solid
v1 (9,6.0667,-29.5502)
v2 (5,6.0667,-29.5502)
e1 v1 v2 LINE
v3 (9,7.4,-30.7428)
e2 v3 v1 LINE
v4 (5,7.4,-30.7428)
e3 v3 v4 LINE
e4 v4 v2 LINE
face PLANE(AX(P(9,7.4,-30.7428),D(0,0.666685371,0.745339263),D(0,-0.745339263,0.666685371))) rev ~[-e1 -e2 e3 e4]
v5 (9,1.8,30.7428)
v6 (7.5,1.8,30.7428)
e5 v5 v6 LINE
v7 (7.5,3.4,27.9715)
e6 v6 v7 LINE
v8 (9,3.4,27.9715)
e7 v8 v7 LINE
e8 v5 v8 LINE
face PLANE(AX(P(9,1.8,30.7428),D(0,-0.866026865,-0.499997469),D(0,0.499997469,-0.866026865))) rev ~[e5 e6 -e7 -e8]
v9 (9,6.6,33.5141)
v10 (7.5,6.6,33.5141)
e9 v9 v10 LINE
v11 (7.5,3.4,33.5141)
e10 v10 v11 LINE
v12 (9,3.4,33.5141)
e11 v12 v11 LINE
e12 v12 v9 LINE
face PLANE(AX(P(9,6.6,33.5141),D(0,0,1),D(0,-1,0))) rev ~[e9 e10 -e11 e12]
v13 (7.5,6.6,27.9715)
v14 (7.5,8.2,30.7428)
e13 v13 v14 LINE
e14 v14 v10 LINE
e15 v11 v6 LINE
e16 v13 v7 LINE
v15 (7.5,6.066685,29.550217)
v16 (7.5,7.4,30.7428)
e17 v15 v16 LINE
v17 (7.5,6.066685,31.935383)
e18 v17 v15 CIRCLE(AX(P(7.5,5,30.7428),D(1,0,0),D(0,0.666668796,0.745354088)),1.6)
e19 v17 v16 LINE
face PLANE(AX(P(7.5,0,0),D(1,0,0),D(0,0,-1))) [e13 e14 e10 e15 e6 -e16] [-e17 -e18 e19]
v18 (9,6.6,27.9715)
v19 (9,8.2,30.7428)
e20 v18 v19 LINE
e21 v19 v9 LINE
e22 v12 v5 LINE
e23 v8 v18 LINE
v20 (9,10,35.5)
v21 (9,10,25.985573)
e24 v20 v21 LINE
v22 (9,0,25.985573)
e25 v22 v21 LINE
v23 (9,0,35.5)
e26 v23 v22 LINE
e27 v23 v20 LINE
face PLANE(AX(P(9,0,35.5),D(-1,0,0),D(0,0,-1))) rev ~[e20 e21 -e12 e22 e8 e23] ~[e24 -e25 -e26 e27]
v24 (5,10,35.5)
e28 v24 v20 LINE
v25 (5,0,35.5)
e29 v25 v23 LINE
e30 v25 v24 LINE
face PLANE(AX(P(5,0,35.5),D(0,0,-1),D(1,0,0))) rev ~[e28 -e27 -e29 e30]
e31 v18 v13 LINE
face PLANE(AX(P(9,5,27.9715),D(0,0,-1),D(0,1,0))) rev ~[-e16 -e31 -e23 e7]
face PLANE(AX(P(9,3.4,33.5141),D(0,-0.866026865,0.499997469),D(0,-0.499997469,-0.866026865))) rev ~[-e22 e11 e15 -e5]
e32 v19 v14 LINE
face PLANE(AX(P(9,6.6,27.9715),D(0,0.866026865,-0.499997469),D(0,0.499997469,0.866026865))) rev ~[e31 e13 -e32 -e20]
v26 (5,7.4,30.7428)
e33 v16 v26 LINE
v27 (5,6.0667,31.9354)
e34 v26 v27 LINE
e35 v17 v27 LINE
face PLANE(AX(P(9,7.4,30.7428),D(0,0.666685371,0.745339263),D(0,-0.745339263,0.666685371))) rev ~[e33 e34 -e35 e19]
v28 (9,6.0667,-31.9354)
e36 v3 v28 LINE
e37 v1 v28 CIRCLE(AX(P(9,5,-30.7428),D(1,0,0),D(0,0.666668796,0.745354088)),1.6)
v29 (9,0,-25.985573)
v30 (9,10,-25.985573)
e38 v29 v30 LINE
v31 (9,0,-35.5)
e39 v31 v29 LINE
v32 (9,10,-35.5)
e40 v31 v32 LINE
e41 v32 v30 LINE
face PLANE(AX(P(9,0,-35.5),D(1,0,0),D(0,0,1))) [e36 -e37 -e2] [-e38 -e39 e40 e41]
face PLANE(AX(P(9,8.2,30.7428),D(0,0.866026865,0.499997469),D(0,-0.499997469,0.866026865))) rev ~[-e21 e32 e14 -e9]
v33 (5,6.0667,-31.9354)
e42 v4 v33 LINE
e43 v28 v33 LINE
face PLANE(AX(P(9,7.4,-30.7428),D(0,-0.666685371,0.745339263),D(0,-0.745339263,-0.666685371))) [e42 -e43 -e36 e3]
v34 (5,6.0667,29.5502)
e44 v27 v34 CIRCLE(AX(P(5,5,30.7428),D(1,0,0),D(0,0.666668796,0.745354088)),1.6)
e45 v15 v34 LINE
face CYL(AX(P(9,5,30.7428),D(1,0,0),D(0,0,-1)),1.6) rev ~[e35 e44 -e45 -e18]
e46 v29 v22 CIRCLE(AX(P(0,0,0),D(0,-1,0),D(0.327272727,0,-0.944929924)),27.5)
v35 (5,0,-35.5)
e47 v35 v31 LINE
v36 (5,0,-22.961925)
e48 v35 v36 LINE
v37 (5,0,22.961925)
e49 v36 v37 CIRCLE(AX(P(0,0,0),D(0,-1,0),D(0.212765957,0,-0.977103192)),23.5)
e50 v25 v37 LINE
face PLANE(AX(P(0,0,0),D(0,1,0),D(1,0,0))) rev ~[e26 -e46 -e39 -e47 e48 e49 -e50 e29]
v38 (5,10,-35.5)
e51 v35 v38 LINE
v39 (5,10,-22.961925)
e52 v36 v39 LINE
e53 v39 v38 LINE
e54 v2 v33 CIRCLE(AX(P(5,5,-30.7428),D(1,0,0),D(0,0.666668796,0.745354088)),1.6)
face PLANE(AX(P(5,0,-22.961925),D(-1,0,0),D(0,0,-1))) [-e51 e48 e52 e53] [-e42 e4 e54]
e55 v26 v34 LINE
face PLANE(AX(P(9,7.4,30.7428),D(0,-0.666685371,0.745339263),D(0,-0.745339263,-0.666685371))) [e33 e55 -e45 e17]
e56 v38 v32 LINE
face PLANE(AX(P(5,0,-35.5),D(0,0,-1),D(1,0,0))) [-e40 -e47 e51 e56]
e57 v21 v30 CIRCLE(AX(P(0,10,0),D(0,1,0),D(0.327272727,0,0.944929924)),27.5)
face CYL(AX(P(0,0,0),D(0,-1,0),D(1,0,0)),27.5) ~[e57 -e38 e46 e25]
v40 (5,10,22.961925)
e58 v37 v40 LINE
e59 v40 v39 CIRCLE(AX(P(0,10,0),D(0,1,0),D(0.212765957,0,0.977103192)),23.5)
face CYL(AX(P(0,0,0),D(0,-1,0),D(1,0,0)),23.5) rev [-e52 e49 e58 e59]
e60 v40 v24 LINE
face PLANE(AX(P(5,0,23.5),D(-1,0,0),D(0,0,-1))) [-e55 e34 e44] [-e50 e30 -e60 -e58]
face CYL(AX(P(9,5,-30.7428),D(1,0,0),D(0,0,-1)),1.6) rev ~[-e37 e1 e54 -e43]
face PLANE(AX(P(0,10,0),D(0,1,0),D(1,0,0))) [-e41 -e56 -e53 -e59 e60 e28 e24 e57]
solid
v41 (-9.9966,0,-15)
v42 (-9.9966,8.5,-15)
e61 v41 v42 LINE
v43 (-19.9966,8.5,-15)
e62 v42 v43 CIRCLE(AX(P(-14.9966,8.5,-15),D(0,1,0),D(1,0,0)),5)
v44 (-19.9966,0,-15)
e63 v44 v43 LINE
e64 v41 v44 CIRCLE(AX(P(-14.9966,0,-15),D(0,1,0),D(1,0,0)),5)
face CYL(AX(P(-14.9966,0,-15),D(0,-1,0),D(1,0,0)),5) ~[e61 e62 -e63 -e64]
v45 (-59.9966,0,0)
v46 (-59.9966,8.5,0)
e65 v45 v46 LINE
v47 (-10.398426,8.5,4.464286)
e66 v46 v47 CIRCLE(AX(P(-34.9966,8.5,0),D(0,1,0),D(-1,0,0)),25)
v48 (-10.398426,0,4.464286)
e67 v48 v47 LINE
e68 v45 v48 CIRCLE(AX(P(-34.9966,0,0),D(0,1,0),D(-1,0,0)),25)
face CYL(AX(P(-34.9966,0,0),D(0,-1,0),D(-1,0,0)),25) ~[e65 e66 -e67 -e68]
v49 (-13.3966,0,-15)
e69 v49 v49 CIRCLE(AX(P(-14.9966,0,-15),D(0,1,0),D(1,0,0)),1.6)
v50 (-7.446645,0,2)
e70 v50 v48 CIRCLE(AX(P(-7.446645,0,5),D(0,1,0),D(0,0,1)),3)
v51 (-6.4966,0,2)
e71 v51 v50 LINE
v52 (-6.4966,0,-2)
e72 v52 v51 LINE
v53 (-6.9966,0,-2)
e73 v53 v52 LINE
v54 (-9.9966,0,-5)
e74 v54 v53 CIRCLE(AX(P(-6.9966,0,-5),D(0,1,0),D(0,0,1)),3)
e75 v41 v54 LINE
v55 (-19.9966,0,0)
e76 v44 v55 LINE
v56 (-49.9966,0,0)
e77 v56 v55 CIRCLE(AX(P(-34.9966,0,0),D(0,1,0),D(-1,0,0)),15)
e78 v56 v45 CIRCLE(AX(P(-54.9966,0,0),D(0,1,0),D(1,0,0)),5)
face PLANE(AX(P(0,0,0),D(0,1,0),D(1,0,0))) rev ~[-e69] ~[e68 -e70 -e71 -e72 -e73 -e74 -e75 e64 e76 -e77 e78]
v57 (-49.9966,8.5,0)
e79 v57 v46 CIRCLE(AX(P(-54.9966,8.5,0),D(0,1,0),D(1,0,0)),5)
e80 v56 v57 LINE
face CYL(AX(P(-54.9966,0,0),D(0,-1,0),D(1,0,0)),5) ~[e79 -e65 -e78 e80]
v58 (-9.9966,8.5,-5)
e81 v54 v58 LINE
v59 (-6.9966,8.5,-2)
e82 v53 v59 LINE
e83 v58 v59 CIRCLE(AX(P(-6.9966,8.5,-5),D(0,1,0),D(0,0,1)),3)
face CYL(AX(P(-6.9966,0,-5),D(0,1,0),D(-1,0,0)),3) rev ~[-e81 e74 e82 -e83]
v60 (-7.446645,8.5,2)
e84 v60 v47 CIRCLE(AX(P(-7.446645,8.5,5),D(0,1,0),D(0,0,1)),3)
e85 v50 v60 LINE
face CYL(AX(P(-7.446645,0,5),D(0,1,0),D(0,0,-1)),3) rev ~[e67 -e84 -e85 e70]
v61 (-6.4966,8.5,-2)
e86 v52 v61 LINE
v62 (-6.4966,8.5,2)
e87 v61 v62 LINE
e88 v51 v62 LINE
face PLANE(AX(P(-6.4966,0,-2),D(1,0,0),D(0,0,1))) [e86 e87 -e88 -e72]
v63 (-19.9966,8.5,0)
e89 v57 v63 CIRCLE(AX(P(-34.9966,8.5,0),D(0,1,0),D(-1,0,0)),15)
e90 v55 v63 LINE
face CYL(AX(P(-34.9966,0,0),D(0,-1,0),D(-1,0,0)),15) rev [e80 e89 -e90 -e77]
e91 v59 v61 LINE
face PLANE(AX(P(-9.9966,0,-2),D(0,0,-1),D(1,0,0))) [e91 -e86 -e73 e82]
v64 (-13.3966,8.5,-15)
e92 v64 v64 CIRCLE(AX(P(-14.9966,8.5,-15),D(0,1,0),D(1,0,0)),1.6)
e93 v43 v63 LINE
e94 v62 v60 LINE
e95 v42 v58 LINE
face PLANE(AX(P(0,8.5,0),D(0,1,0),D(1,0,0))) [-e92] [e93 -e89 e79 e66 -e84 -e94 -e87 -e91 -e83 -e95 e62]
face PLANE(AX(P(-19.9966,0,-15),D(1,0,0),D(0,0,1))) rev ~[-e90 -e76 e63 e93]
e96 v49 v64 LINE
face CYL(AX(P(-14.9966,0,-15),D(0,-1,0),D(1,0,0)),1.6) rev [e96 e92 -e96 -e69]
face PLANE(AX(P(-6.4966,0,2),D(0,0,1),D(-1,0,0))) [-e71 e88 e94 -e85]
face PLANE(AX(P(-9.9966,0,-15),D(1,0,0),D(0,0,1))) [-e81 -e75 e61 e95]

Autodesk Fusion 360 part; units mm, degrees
sketch "Sketch1" plane through (0, 0, 0) normal (0, 1, 0) x (1, 0, 0) in component "Component"
  circle A0 centre (0, 0) radius 23.5
  circle A1 centre (0, 0) radius 27.5
  line L0 (-5, 35.5) -> (-9, 35.5)
  line L1 (-9, 35.5) -> (-9, 23.5)
  line L2 (-9, 23.5) -> (-5, 23.5)
  line L3 (-5, 23.5) -> (-5, 35.5)
  line L4 (0, 5) -> (0, -5)
  line L5 (-5, 0) -> (5, 0)
  line L6 (9, 35.5) -> (9, 23.5)
  line L7 (5, 23.5) -> (5, 35.5)
  line L8 (9, 23.5) -> (5, 23.5)
  line L9 (5, 35.5) -> (9, 35.5)
  line L10 (-9, -35.5) -> (-9, -23.5)
  line L11 (-5, -23.5) -> (-5, -35.5)
  line L12 (5, -23.5) -> (5, -35.5)
  line L13 (9, -35.5) -> (9, -23.5)
  line L14 (5, -35.5) -> (9, -35.5)
  line L15 (9, -23.5) -> (5, -23.5)
  line L16 (-9, -23.5) -> (-5, -23.5)
  line L17 (-5, -35.5) -> (-9, -35.5)
  line L18 (-5, 23.5) -> (-5, -23.5)
  line L19 (5, -23.5) -> (5, 23.5)
  dimension "d2" = 47
  dimension "d4" = 55
  dimension "d7" = 4
  dimension "d54" = 12
extrude "Extrude1" add sketch "Sketch1" along normal blind 10 contours A0 A1 L6 L8 L13 L15 L19 | A1 L6 L7 L8 | A1 L12 L13 L15 | A1 L6 L7 L9 | A1 L12 L13 L14 makes body 1 in component "Component"
sketch "Sketch6" plane through (9, 0, 0) normal (1, 0, 0) x (0, 0, -1)
  line L0 (-35.5, 0) -> (-25.9856, 0)
  line L1 (-25.9856, 0) -> (-25.9856, 10)
  line L2 (-25.9856, 10) -> (-35.5, 10)
  line L3 (-35.5, 10) -> (-35.5, 0)
  line L4 (-35.5, 5) -> (-25.9856, 5)
  circle A0 centre (-30.7428, 5) radius 1.6
  line L5 (-30.7428, 8.2) -> (-33.5141, 6.6)
  line L6 (-33.5141, 6.6) -> (-33.5141, 3.4)
  line L7 (-33.5141, 3.4) -> (-30.7428, 1.8)
  line L8 (-30.7428, 1.8) -> (-27.9715, 3.4)
  line L9 (-27.9715, 3.4) -> (-27.9715, 6.6)
  line L10 (-27.9715, 6.6) -> (-30.7428, 8.2)
  line L11 (-30.7428, 7.4) -> (-31.9354, 6.0667)
  line L12 (-30.7428, 7.4) -> (-29.5502, 6.0667)
  point P0 (-30.7428, 5)
  dimension "d72" = 3.2
  dimension "d78" = 2.4
sketch "Sketch7" plane through (9, 0, 0) normal (1, 0, 0) x (0, 0, -1)
  line L0 (25.9856, 0) -> (35.5, 0)
  line L1 (35.5, 0) -> (35.5, 10)
  line L2 (35.5, 10) -> (25.9856, 10)
  line L3 (25.9856, 10) -> (25.9856, 0)
  line L4 (25.9856, 5) -> (35.5, 5)
  circle A0 centre (30.7428, 5) radius 1.6
  line L5 (30.7428, 5) -> (30.7428, 7.4)
  line L6 (30.7428, 7.4) -> (29.5502, 6.0667)
  line L7 (30.7428, 7.4) -> (31.9354, 6.0667)
  dimension "d73" = 3.2
  dimension "d79" = 2.4
extrude "Extrude5" cut sketch "Sketch6" against normal up to surface (4 mm away) contours L4 A0 | L4 A0 | A0 L11 L12 bodies 1 in component "Component"
extrude "Extrude6" cut sketch "Sketch7" against normal up to surface (4 mm away) contours L4 A0 L5 | L4 A0 | L4 A0 L5 | A0 L5 L6 | A0 L5 L7 bodies 1 in component "Component"
extrude "Extrude7" cut sketch "Sketch6" against normal blind 1.5 contours L4 A0 L5 L6 L9 L10 L11 L12 | L4 A0 L6 L7 L8 L9 | A0 L11 L12 bodies 1 in component "Component"
sketch "Sketch5" plane through (0, 0, 0) normal (0, 1, 0) x (1, 0, 0)
  circle A0 centre (-14.9966, 15) radius 5
  line L0 (-19.9966, 15) -> (-19.9966, 0)
  line L1 (-9.9966, 15) -> (-9.9966, 0)
  circle A1 centre (-14.9966, 15) radius 1.6
  line L2 (-14.9966, 2) -> (-6.4966, 2)
  line L3 (-6.4966, 2) -> (-6.4966, -2)
  line L4 (-6.4966, -2) -> (-14.9966, -2)
  line L5 (-14.9966, -2) -> (-14.9966, 2)
  line L6 (-19.9966, 0) -> (-9.9966, 0)
  arc A2 (-49.9966, 0) -> (-19.9966, 0) centre (-34.9966, 0) ccw
  line L7 (-34.9966, 0) -> (-49.9966, 0) construction
  line L8 (-34.9966, 0) -> (-19.9966, 0) construction
  arc A3 (-59.9966, 0) -> (-9.9966, 0) centre (-34.9966, 0) ccw
  line L9 (-34.9966, 0) -> (-59.9966, 0) construction
  line L10 (-34.9966, 0) -> (-9.9966, 0) construction
  line L11 (-49.9966, 0) -> (-59.9966, 0)
  arc A4 (-49.9966, 0) -> (-59.9966, 0) centre (-54.9966, 0) ccw
  dimension "d64" = 10
  dimension "d65" = 8
  dimension "d67" = 3.2
  dimension "d68" = 8.5
  dimension "d74" = 180
  dimension "d75" = 15
  dimension "d76" = 180
extrude "Extrude2" add sketch "Sketch5" along normal blind 8.5 separate body makes body 2
fillet "Fillet5" radius 3 2 edges at (-10.0767, 4.25, 2) (-9.9966, 4.25, -2) on bodies 2
component "Component" placed x (1, 0, 0) y (0, 1, 0) z (0, 0, 1) at (0, 0, 0)
equation "ikeaStolmanPoleDiameter = 47 mm"
equation "d2 = ikeaStolmanPoleDiameter"
equation "thickness = 4 mm"
equation "d4 = ikeaStolmanPoleDiameter + thickness + thickness"
equation "d7 = thickness"
equation "d11 = height"
equation "flexThickness = 0.75 mm"
equation "height = 10 mm"
equation "d64 = height"
